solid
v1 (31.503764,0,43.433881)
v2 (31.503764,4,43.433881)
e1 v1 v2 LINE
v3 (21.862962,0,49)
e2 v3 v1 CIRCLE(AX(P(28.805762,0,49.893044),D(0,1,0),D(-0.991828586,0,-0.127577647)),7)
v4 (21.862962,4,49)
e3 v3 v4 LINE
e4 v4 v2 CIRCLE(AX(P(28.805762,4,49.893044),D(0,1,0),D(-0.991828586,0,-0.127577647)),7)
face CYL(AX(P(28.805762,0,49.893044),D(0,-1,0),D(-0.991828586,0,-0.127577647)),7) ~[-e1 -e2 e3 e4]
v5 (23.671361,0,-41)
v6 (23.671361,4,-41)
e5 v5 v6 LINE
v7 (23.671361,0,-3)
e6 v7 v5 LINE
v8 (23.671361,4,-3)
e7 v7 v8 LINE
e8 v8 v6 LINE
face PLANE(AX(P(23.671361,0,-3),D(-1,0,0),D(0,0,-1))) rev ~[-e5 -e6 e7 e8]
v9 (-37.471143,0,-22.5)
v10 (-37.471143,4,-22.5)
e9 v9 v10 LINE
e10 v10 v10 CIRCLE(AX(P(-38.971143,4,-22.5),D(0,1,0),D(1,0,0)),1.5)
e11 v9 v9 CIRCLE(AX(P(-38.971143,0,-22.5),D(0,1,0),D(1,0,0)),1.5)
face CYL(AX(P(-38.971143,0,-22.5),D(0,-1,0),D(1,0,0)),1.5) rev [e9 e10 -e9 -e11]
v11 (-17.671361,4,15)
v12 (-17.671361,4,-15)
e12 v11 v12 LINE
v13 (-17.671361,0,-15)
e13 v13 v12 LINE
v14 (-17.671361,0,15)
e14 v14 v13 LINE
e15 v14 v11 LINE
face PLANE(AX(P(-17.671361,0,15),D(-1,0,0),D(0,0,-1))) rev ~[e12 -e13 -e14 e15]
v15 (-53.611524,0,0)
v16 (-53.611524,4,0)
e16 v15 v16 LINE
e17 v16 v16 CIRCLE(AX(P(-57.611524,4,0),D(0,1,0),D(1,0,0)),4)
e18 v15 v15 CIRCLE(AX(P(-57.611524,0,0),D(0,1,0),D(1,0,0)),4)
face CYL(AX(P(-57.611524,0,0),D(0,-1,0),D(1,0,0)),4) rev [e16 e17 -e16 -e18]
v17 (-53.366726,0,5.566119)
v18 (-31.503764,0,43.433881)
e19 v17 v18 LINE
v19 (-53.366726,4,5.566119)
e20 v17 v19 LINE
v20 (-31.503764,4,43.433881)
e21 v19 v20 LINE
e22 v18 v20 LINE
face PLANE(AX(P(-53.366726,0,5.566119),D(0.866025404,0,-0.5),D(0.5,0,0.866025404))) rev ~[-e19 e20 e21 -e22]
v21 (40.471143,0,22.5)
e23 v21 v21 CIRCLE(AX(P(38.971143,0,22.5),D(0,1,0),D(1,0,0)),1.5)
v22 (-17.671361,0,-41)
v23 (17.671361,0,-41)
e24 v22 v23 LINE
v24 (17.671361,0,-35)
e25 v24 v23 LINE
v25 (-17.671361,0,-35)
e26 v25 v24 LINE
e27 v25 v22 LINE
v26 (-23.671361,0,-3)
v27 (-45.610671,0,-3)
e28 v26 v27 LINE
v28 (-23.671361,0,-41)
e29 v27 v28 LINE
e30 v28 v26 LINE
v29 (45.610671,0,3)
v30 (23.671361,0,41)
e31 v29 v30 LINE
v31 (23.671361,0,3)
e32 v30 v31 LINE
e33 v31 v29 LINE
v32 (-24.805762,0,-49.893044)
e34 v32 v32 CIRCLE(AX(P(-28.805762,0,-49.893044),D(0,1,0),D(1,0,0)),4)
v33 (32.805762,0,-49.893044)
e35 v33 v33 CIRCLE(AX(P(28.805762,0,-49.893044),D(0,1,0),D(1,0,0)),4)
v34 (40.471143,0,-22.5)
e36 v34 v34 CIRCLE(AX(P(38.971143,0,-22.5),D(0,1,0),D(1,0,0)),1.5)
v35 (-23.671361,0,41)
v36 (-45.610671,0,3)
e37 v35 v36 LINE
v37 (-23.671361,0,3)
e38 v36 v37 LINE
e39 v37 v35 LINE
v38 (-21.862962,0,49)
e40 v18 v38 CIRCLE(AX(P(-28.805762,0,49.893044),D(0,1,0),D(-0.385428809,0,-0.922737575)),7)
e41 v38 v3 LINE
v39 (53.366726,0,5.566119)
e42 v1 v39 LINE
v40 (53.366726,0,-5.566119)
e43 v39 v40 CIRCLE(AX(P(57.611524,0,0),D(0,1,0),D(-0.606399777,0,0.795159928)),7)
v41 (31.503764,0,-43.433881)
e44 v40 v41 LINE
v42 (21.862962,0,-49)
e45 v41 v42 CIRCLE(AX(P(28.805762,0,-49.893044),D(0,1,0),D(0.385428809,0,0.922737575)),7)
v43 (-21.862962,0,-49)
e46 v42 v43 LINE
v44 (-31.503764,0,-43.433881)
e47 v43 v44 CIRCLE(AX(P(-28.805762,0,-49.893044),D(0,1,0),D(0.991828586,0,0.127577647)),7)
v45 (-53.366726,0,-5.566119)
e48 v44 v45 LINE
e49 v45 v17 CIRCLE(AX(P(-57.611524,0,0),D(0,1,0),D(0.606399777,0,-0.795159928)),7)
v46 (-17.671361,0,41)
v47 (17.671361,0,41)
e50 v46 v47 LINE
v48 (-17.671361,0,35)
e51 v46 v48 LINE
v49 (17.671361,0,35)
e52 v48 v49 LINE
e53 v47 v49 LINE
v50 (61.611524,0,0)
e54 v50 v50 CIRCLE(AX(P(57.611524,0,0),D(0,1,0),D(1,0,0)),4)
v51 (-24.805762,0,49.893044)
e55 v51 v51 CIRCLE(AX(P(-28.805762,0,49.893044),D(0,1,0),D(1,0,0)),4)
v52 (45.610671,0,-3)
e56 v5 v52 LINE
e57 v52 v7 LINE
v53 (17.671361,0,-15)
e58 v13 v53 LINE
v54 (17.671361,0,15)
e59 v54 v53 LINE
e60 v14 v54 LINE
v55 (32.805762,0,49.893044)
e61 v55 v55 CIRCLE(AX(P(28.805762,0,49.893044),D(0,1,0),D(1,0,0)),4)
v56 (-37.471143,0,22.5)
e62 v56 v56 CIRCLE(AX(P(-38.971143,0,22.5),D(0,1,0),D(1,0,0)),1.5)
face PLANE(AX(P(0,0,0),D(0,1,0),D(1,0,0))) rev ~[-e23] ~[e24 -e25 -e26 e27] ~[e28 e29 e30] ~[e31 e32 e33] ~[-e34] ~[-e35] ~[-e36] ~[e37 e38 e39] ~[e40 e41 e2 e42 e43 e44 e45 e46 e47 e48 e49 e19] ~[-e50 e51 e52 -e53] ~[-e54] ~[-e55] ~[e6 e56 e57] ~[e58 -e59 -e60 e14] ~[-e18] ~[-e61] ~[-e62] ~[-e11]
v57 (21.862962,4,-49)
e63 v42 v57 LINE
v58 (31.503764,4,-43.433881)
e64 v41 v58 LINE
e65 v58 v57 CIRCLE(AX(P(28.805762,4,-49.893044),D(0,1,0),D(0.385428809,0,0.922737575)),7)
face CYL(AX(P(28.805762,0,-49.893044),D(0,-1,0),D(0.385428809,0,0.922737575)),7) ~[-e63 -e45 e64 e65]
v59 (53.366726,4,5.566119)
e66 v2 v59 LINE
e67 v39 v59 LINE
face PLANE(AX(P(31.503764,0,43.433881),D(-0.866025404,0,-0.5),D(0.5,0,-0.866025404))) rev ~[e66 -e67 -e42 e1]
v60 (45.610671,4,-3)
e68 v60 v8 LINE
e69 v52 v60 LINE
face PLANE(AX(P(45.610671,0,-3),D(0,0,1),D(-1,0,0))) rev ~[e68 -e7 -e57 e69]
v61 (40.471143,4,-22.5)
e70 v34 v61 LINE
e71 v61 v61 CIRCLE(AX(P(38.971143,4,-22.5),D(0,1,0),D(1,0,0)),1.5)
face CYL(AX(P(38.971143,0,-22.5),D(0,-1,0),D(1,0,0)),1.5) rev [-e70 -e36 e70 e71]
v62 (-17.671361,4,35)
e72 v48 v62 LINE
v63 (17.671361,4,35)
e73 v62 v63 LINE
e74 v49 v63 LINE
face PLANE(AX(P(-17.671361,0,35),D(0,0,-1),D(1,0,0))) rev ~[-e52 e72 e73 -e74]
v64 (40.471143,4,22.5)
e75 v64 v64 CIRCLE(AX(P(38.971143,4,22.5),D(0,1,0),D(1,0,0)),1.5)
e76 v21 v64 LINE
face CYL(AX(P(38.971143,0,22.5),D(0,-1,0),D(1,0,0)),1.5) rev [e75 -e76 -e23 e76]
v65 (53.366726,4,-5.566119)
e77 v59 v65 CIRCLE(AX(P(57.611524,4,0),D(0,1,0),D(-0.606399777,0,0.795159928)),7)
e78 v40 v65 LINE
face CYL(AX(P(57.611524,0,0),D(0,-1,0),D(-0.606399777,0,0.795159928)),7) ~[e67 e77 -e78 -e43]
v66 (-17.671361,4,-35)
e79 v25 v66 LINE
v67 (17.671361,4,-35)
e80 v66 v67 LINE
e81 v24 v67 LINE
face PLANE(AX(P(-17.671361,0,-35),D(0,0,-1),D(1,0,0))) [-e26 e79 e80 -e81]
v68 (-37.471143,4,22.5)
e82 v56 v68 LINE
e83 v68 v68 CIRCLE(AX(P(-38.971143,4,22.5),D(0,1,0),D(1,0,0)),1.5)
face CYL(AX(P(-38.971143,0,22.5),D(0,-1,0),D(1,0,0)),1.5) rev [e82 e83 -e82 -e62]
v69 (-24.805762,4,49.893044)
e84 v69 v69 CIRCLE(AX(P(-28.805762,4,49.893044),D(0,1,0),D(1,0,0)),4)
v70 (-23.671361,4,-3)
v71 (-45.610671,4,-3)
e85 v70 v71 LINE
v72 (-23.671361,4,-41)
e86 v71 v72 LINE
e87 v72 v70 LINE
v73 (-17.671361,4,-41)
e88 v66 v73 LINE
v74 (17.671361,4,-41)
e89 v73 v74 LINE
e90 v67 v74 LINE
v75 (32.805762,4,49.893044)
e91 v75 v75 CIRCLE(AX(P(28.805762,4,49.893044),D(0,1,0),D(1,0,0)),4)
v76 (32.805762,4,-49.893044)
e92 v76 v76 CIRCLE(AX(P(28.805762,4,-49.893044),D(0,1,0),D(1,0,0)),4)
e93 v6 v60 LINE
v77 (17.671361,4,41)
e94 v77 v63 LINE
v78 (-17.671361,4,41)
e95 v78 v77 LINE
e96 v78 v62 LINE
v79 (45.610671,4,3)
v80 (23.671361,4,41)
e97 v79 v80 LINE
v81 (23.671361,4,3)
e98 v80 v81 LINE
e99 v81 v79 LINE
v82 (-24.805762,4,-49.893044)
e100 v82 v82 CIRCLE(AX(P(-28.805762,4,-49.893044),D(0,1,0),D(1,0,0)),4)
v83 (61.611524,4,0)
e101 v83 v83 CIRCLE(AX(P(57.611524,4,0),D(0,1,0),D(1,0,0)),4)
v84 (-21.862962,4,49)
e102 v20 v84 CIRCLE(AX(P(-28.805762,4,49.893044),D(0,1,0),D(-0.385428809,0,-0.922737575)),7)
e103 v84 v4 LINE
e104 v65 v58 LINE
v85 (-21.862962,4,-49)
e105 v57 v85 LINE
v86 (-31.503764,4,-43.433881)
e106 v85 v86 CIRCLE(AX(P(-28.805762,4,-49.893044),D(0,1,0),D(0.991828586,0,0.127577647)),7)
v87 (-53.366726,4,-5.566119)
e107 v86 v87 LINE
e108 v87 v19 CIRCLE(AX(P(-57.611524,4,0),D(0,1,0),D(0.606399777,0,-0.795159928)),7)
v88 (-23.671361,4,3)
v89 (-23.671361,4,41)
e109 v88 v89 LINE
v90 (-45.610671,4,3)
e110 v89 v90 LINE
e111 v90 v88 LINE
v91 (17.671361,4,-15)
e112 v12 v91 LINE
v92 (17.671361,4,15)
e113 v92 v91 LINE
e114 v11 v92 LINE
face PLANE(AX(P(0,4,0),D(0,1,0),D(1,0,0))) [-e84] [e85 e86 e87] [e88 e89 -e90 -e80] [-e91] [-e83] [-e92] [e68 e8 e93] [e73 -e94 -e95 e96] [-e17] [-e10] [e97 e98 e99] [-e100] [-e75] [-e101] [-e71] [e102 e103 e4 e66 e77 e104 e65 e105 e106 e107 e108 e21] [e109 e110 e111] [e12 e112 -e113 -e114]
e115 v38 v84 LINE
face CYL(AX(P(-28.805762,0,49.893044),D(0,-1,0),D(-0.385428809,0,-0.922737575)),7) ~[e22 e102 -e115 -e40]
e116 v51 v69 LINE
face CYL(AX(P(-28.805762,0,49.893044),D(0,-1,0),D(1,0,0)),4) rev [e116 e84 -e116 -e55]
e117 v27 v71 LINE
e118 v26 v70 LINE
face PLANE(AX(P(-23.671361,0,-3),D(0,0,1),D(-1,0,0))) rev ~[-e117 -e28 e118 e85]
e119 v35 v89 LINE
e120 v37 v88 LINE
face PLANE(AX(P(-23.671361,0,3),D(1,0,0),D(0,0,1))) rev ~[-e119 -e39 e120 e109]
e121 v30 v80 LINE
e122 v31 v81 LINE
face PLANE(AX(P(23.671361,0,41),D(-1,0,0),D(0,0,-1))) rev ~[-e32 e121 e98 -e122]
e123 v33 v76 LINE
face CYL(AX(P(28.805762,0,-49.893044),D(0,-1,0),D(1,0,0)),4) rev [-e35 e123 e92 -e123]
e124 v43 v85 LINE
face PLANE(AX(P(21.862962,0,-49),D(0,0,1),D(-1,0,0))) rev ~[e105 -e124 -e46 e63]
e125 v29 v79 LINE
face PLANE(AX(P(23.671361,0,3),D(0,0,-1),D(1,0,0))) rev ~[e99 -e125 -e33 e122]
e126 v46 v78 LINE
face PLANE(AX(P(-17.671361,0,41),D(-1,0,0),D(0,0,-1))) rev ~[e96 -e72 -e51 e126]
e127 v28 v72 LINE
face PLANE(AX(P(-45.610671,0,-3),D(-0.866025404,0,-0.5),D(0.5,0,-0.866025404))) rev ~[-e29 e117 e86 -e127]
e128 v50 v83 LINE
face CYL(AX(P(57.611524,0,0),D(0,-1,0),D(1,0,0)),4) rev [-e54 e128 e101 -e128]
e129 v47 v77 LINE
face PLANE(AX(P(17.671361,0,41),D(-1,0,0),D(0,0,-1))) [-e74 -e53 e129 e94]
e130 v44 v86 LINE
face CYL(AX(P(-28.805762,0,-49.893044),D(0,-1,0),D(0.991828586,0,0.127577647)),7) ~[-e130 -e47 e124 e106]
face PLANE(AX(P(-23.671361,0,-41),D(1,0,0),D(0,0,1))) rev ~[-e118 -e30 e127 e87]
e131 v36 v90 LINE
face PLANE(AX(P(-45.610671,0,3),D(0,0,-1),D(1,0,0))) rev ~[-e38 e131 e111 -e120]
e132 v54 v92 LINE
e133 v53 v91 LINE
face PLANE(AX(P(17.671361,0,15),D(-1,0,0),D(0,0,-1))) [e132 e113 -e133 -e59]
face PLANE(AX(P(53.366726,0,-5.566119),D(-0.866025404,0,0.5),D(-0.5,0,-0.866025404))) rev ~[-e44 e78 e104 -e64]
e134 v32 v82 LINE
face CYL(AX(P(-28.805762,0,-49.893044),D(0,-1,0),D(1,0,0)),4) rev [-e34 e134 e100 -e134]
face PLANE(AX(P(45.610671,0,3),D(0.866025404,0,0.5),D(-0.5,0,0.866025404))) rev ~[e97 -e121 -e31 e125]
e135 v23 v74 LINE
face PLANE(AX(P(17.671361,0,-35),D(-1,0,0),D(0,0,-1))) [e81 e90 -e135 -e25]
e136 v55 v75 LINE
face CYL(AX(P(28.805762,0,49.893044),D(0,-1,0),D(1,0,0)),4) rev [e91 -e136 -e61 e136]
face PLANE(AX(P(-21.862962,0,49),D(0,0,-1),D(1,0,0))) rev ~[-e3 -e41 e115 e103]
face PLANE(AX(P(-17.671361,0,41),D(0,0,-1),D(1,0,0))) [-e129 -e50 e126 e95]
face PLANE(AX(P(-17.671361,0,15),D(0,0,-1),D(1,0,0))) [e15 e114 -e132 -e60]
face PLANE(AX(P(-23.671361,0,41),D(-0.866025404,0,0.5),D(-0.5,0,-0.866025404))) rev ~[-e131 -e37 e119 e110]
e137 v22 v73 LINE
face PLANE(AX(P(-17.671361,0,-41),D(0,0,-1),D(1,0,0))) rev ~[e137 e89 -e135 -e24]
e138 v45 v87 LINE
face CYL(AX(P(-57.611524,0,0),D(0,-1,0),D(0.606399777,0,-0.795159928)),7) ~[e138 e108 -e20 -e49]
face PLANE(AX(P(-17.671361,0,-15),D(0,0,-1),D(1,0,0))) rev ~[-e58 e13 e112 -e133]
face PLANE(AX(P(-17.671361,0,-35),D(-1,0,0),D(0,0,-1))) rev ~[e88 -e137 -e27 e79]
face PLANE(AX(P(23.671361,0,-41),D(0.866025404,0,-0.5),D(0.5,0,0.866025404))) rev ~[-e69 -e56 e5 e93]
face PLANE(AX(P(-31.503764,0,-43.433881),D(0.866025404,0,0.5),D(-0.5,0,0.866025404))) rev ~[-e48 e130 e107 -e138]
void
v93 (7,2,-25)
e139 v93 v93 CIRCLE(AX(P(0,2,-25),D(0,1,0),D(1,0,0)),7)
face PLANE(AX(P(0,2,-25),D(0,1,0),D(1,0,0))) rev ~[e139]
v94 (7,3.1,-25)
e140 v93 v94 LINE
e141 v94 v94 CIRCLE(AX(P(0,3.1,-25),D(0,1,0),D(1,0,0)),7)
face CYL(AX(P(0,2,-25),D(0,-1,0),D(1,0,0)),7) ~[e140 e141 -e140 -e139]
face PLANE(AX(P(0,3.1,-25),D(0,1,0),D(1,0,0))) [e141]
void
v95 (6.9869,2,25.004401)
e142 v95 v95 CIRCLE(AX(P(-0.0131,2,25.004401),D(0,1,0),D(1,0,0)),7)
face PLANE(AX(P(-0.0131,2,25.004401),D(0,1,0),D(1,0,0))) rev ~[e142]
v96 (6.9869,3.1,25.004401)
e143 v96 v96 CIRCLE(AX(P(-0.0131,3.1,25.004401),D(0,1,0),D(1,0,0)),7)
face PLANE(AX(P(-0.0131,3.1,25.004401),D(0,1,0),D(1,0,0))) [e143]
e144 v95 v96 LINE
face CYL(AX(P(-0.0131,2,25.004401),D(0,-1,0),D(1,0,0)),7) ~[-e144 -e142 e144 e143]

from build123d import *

# Parameters (mm, degrees)
SKETCH_1_R          = 4
SKETCH_1_R_2        = 1.5
SKETCH_1_W          = 35.342722074
SKETCH_1_H          = 6
SKETCH_1_H_2        = 30
EXTRUDE_1_DEPTH     = 4
CUT_EXTRUDE_START   = -2
SKETCH_2_R          = 7
CUT_EXTRUDE_1_DEPTH = 1.1


with BuildPart() as part:
    # 草图1 → 凸台-拉伸1 (new body)
    with BuildSketch(Plane(origin=(0, 0, 0), x_dir=(1, 0, 0), z_dir=(0, 1, 0))):
        with BuildLine():
            ThreePointArc((-21.862962012, 49), (-32.305762114, 55.955221358), (-31.503763779, 43.433880504))
            Line((-31.503763779, 43.433880504), (-53.366725791, 5.566119496))
            ThreePointArc((-53.366725791, 5.566119496), (-64.611524227, 0), (-53.366725791, -5.566119496))
            Line((-53.366725791, -5.566119496), (-31.503763779, -43.433880504))
            ThreePointArc((-31.503763779, -43.433880504), (-32.305762114, -55.955221358), (-21.862962012, -49))
            Line((-21.862962012, -49), (21.862962012, -49))
            ThreePointArc((21.862962012, -49), (32.305762114, -55.955221358), (31.503763779, -43.433880504))
            Line((31.503763779, -43.433880504), (53.366725791, -5.566119496))
            ThreePointArc((53.366725791, -5.566119496), (64.611524227, 0), (53.366725791, 5.566119496))
            Line((53.366725791, 5.566119496), (31.503763779, 43.433880504))
            ThreePointArc((31.503763779, 43.433880504), (32.305762114, 55.955221358), (21.862962012, 49))
            Line((21.862962012, 49), (-21.862962012, 49))
        make_face()
        with Locations((-28.805762114, 49.893043531)):
            Circle(SKETCH_1_R, mode=Mode.SUBTRACT)
        with Locations((28.805762114, -49.893043531)):
            Circle(SKETCH_1_R, mode=Mode.SUBTRACT)
        with Locations((-28.805762114, -49.893043531)):
            Circle(SKETCH_1_R, mode=Mode.SUBTRACT)
        with Locations((-57.611524227, 0)):
            Circle(SKETCH_1_R, mode=Mode.SUBTRACT)
        with Locations((38.97114317, 22.5)):
            Circle(SKETCH_1_R_2, mode=Mode.SUBTRACT)
        with Locations((-38.97114317, -22.5)):
            Circle(SKETCH_1_R_2, mode=Mode.SUBTRACT)
        with Locations((0, 38)):
            Rectangle(SKETCH_1_W, SKETCH_1_H, mode=Mode.SUBTRACT)
        Rectangle(SKETCH_1_W, SKETCH_1_H_2, mode=Mode.SUBTRACT)
        with Locations((0, -38)):
            Rectangle(SKETCH_1_W, SKETCH_1_H, mode=Mode.SUBTRACT)
        Polygon((23.671361037, 41), (45.610671266, 3), (23.671361037, 3), align=None, mode=Mode.SUBTRACT)
        Polygon((45.610671266, -3), (23.671361037, -41), (23.671361037, -3), align=None, mode=Mode.SUBTRACT)
        Polygon((-23.671361037, -41), (-45.610671266, -3), (-23.671361037, -3), align=None, mode=Mode.SUBTRACT)
        Polygon((-45.610671266, 3), (-23.671361037, 41), (-23.671361037, 3), align=None, mode=Mode.SUBTRACT)
        with Locations((38.97114317, -22.5)):
            Circle(SKETCH_1_R_2, mode=Mode.SUBTRACT)
        with Locations((-38.97114317, 22.5)):
            Circle(SKETCH_1_R_2, mode=Mode.SUBTRACT)
        with Locations((28.805762114, 49.893043531)):
            Circle(SKETCH_1_R, mode=Mode.SUBTRACT)
        with Locations((57.611524227, 0)):
            Circle(SKETCH_1_R, mode=Mode.SUBTRACT)
    extrude(amount=EXTRUDE_1_DEPTH)

    # 草图2 → 切除-拉伸1 (cut)
    with BuildSketch(Plane(origin=(0, 4, 0), x_dir=(1, 0, 0), z_dir=(0, 1, 0)).offset(CUT_EXTRUDE_START)):
        with Locations((0, 25)):
            Circle(SKETCH_2_R)
        with Locations((-0.013100305, -25.004400745)):
            Circle(SKETCH_2_R)
    extrude(amount=CUT_EXTRUDE_1_DEPTH, mode=Mode.SUBTRACT)


solid = part.part
